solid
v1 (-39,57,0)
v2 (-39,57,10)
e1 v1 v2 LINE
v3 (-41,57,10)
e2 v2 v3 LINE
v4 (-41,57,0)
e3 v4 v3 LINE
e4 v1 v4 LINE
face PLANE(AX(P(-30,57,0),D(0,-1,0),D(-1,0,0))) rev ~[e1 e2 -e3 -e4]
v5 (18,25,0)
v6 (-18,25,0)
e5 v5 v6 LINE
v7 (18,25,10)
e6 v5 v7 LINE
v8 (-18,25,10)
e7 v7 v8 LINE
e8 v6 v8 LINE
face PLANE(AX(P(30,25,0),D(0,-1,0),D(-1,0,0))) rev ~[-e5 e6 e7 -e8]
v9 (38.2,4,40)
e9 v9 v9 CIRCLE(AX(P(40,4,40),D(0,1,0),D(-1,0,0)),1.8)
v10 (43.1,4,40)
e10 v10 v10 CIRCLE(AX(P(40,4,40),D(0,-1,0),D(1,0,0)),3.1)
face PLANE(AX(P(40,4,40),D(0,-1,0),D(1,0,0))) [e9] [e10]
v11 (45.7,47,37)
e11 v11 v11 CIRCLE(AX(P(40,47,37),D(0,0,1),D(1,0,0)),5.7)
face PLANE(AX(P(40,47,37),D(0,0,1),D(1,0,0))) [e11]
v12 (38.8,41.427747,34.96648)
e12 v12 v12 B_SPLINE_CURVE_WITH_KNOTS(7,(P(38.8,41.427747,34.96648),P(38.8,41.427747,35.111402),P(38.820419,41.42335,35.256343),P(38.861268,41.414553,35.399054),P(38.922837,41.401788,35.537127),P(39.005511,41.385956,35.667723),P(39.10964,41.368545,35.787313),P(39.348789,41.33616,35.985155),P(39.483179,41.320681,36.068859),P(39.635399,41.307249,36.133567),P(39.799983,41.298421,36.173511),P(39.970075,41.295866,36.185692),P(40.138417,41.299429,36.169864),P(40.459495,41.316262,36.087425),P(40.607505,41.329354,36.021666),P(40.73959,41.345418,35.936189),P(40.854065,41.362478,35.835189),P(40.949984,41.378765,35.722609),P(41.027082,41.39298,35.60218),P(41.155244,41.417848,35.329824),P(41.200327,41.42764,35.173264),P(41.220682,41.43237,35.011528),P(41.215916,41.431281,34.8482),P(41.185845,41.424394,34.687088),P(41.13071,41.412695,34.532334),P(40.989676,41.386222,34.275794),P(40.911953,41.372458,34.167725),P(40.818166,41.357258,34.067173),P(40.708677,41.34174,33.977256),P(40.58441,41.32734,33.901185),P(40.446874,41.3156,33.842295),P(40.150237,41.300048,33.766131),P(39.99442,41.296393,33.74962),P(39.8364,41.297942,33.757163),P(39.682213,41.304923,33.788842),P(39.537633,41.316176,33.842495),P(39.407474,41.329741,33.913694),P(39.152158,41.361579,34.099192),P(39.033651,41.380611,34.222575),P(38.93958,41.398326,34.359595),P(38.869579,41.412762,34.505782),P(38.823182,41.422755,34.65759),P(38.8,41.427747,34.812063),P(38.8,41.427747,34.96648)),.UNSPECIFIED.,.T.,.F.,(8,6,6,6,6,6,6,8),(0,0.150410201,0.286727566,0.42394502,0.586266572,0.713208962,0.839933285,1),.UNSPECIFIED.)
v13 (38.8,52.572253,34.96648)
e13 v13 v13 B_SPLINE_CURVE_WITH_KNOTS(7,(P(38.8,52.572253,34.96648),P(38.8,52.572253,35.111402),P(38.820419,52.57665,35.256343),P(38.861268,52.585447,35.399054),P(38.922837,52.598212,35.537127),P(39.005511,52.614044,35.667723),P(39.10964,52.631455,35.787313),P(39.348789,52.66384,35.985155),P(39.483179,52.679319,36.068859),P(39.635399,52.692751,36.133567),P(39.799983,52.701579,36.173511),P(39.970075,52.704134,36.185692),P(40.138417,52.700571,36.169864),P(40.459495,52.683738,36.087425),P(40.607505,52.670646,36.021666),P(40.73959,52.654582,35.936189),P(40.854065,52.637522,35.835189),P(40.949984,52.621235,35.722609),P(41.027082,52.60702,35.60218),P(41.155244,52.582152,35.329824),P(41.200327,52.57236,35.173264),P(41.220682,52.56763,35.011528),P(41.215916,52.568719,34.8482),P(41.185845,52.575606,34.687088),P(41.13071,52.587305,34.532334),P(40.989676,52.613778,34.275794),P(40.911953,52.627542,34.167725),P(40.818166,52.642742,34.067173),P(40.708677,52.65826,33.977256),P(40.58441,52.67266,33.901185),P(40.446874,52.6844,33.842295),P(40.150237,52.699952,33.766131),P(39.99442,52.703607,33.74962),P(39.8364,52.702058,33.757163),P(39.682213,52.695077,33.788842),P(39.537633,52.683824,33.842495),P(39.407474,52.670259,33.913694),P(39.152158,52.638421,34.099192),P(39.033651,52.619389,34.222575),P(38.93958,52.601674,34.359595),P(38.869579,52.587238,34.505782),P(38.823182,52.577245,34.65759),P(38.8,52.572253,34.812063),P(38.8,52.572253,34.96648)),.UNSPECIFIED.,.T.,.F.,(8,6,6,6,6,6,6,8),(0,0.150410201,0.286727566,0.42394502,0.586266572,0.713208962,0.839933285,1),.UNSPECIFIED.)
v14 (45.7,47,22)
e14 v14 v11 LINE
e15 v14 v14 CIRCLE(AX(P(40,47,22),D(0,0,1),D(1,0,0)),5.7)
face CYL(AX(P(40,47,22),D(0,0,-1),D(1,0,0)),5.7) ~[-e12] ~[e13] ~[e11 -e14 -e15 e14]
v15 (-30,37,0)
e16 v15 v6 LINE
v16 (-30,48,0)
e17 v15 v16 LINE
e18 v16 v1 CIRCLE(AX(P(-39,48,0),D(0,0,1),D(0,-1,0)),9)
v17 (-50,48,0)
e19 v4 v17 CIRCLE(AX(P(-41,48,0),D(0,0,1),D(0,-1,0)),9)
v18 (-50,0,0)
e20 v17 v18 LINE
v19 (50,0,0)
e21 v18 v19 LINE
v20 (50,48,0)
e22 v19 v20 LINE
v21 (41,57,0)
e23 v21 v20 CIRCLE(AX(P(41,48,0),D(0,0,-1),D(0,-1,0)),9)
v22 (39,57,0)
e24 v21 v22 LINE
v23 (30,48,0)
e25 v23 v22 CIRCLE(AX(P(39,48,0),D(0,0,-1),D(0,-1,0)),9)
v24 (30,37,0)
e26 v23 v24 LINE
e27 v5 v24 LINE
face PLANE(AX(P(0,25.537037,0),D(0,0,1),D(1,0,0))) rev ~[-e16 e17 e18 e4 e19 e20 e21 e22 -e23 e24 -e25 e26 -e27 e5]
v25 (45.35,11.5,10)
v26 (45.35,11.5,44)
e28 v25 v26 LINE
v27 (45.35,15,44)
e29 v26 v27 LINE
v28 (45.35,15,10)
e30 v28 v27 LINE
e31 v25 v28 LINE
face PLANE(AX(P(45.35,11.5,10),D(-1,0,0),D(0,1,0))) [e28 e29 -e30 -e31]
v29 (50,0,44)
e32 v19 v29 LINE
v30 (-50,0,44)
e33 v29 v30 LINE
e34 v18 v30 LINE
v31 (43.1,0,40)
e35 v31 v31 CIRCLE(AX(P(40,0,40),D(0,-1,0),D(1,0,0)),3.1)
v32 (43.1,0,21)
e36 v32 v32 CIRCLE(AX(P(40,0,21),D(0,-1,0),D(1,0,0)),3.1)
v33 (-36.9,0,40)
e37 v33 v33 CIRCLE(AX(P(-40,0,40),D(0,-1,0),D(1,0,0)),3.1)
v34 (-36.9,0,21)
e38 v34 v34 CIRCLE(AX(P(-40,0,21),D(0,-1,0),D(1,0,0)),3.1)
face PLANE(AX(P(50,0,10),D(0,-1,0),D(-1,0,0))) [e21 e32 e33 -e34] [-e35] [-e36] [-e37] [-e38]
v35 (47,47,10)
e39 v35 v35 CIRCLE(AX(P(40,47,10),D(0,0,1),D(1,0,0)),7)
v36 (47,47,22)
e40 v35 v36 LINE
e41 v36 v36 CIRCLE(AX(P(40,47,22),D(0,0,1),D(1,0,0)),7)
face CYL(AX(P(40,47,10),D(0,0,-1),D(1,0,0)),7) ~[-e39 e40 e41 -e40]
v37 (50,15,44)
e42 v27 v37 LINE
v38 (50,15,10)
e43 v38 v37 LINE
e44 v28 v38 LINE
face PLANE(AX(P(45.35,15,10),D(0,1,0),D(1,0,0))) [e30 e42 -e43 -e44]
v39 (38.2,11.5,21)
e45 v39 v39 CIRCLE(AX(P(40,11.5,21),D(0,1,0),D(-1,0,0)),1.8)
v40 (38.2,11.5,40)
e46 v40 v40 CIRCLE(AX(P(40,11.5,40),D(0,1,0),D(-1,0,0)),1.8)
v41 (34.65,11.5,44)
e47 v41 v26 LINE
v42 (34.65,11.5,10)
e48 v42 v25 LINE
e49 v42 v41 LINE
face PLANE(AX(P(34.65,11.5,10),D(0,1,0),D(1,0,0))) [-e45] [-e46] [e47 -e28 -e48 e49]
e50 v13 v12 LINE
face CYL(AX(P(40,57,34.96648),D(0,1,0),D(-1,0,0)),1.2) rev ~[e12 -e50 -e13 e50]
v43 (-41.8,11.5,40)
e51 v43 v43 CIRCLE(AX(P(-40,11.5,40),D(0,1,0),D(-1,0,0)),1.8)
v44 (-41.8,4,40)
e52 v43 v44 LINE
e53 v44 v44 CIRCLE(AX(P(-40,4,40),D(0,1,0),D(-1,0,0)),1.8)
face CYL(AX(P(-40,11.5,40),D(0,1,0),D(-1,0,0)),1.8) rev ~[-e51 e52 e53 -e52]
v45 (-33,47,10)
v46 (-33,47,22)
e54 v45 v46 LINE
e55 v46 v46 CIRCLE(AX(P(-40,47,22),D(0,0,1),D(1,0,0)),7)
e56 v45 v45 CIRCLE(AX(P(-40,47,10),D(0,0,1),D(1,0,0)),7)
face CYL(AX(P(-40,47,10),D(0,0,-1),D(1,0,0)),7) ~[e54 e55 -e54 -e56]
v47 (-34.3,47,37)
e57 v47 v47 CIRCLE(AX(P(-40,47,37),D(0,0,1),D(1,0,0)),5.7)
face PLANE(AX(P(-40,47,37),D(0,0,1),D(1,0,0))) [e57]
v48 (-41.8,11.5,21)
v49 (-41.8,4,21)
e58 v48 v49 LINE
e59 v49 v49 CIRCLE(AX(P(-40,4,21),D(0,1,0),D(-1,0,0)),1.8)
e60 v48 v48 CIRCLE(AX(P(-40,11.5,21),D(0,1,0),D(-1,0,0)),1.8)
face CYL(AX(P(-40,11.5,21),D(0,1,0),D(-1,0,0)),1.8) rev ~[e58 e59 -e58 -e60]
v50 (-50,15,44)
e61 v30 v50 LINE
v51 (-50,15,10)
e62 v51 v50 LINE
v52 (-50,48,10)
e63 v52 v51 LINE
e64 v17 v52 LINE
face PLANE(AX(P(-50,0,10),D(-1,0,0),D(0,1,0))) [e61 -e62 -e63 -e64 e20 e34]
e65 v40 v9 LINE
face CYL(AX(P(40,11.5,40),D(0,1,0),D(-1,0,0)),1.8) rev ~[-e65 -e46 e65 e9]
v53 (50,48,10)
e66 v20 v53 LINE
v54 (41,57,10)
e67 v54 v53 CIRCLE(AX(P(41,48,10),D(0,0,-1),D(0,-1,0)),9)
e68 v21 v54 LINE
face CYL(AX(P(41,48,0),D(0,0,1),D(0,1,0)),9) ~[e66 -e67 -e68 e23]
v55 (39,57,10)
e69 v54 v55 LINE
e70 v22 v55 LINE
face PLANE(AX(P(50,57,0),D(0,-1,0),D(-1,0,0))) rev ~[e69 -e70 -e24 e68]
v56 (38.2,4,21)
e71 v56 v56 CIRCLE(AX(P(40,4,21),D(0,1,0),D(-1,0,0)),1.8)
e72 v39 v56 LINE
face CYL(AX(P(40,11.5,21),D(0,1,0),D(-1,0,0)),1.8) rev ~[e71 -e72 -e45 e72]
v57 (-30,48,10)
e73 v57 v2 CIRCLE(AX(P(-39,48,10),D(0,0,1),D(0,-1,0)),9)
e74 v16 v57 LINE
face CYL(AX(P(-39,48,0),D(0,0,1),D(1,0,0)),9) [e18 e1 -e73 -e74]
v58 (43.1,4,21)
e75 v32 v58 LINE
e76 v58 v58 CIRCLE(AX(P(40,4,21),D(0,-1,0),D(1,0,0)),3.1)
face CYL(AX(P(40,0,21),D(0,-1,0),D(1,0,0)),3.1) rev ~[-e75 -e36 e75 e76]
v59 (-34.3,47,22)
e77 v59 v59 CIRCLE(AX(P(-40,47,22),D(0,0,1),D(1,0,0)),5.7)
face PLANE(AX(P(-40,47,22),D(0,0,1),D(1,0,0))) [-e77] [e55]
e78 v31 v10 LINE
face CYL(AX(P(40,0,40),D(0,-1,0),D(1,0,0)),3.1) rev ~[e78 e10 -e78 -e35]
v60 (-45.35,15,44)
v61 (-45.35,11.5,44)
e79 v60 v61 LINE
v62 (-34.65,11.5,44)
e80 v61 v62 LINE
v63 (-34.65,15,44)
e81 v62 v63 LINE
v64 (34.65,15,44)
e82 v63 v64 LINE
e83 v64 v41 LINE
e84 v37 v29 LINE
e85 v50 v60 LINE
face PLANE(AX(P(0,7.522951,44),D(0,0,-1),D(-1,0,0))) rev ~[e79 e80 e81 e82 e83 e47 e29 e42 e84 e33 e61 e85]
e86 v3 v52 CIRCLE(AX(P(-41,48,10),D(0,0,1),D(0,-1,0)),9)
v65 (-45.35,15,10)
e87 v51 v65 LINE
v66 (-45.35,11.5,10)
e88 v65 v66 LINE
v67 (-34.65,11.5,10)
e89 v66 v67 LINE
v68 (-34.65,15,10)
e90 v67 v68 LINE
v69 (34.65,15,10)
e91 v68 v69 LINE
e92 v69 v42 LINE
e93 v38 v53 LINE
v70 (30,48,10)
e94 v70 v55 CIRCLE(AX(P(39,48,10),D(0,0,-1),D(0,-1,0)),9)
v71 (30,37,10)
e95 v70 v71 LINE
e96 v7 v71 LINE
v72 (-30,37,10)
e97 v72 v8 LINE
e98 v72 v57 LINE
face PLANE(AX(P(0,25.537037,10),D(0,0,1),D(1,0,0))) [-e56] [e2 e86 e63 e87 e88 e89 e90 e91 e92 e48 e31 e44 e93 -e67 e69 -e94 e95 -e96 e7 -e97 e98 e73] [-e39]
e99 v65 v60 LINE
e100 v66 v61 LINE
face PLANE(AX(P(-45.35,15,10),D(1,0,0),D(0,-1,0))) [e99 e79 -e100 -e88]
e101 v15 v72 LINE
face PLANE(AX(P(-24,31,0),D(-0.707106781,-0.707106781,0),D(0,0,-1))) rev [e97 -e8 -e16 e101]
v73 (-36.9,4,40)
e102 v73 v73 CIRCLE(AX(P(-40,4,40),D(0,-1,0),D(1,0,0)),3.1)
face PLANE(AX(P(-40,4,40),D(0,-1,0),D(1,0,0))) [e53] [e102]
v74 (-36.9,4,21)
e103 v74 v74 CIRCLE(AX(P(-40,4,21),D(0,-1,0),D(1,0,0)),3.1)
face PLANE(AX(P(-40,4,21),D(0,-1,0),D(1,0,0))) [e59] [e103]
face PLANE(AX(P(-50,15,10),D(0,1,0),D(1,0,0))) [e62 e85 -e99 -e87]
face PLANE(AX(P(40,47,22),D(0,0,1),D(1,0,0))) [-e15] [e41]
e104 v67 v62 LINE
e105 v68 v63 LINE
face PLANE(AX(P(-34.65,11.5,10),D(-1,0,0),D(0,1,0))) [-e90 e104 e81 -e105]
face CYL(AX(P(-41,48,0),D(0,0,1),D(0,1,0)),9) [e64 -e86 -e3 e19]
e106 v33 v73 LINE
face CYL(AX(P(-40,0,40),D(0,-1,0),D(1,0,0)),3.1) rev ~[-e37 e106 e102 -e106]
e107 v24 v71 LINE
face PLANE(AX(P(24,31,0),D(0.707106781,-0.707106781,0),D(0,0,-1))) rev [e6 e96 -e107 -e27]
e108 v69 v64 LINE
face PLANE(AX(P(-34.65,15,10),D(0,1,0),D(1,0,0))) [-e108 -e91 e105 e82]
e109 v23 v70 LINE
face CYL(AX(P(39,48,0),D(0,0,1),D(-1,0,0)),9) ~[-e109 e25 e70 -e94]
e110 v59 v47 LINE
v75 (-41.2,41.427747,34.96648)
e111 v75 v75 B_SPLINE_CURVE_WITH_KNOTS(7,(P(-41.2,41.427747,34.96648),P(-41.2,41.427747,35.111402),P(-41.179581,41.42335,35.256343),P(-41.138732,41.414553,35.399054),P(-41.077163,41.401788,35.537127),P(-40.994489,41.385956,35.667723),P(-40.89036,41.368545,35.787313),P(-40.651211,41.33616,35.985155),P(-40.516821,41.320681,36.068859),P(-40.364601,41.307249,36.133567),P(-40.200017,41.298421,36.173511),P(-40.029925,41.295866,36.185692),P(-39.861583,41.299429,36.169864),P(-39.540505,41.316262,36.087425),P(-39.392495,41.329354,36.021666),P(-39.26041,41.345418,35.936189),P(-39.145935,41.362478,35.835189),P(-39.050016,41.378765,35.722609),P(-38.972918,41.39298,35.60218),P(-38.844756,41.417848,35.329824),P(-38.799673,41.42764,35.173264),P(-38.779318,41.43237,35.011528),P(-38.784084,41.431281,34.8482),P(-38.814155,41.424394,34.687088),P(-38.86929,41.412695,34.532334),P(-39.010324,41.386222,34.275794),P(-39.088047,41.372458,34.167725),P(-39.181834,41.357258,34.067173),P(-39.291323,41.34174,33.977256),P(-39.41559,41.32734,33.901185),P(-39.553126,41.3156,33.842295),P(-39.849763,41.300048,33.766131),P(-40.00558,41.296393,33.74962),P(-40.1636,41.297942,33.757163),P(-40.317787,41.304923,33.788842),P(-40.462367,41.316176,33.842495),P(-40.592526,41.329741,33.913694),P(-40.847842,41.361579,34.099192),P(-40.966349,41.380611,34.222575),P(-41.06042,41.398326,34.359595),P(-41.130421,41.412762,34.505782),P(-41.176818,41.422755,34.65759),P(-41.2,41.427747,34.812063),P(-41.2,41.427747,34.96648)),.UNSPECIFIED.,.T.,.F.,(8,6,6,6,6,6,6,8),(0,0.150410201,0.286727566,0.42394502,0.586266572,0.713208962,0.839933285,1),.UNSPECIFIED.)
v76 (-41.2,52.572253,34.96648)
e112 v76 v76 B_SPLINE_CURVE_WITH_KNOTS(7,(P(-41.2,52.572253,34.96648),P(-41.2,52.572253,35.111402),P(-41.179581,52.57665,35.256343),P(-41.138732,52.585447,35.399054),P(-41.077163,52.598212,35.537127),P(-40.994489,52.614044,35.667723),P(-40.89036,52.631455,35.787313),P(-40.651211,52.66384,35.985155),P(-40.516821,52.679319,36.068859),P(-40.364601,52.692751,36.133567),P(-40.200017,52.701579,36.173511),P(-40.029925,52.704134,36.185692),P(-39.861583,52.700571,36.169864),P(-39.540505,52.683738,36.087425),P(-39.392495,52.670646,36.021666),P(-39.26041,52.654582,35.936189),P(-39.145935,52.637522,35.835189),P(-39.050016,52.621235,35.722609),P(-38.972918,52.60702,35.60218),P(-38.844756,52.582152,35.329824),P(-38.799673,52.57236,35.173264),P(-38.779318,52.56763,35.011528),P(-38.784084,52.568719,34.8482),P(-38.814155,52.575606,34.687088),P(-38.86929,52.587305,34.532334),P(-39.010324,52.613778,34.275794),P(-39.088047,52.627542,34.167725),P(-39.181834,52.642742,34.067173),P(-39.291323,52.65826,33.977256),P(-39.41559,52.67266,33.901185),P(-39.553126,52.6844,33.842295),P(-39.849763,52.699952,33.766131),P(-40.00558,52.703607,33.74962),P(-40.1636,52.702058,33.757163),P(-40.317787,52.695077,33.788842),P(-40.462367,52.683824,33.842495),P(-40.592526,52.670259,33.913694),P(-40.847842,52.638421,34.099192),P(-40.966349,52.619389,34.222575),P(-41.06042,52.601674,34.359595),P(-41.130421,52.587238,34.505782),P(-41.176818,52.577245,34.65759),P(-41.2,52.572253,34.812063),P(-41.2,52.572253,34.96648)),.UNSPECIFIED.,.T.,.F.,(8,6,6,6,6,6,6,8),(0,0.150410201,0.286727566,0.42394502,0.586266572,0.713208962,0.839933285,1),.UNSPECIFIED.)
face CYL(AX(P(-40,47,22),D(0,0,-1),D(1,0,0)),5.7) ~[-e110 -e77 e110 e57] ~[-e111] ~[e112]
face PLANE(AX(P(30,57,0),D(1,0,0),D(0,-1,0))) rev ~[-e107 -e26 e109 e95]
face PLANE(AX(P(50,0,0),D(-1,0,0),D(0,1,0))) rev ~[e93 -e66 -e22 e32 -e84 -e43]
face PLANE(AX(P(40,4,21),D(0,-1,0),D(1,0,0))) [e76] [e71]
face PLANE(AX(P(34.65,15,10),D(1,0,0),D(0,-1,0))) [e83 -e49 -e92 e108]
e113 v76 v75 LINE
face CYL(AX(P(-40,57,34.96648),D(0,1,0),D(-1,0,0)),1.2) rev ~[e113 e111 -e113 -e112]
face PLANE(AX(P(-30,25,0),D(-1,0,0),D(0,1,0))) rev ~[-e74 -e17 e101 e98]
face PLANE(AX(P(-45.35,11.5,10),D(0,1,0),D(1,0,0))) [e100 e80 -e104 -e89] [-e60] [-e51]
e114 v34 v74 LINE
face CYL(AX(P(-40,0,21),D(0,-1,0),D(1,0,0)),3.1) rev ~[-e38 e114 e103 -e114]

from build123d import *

# Parameters (mm, degrees)
PAD_DEPTH       = 10
SKETCH001_R     = 7
PAD001_DEPTH    = 12
SKETCH002_R     = 5.7
PAD002_DEPTH    = 15
PAD003_DEPTH    = 34
SKETCH004_R     = 1.8
POCKET_DEPTH    = 11.5
SKETCH005_R     = 1.2
POCKET001_DEPTH = 18
SKETCH006_R     = 3.1
POCKET002_DEPTH = 4
CHAMFER_SIZE    = 12
FILLET_R        = 9


with BuildPart() as part:
    # Sketch → Pad (new body)
    with BuildSketch(Plane.XY):
        Polygon((-50, 0), (50, 0), (50, 57), (30, 57), (30, 25), (-30, 25), (-30, 57), (-50, 57), align=None)
    extrude(amount=PAD_DEPTH)

    # Sketch001 (on Face10 of Pad) → Pad001 (join)
    with BuildSketch(Plane.XY.offset(10)):
        with Locations((-40, 47)):
            Circle(SKETCH001_R)
        with Locations((40, 47)):
            Circle(SKETCH001_R)
    extrude(amount=PAD001_DEPTH)

    # Sketch002 (on Face14 of Pad001) → Pad002 (join)
    with BuildSketch(Plane.XY.offset(22)):
        with Locations((-40, 47)):
            Circle(SKETCH002_R)
        with Locations((40, 47)):
            Circle(SKETCH002_R)
    extrude(amount=PAD002_DEPTH)

    # Sketch003 (on Face5 of Pad002) → Pad003 (join)
    with BuildSketch(Plane.XY.offset(10)):
        Polygon((-50, 15), (-45.35, 15), (-45.35, 11.5), (-34.65, 11.5), (-34.65, 15), (34.65, 15), (34.65, 11.5), (45.35, 11.5), (45.35, 15), (50, 15), (50, 0), (-50, 0), align=None)
    extrude(amount=PAD003_DEPTH)

    # Sketch004 (on Face17 of Pad003) → Pocket (cut)
    with BuildSketch(Plane(origin=(0, 11.5, 0), x_dir=(-1, 0, 0), z_dir=(0, 1, 0))):
        with Locations((-40, 40)):
            Circle(SKETCH004_R)
        with Locations((-40, 21)):
            Circle(SKETCH004_R)
        with Locations((40, 40)):
            Circle(SKETCH004_R)
        with Locations((40, 21)):
            Circle(SKETCH004_R)
    extrude(amount=-POCKET_DEPTH, mode=Mode.SUBTRACT)

    # Sketch005 (on Face4 of Pocket) → Pocket001 (cut)
    with BuildSketch(Plane(origin=(0, 57, 0), x_dir=(-1, 0, 0), z_dir=(0, 1, 0))):
        with Locations((-40, 34.96648)):
            Circle(SKETCH005_R)
        with Locations((40, 34.96648)):
            Circle(SKETCH005_R)
    extrude(amount=-POCKET001_DEPTH, mode=Mode.SUBTRACT)

    # Sketch006 (on Face10 of Pocket001) → Pocket002 (cut)
    with BuildSketch(Plane.XZ):
        with Locations((-40, 40)):
            Circle(SKETCH006_R)
        with Locations((40, 40)):
            Circle(SKETCH006_R)
        with Locations((40, 21)):
            Circle(SKETCH006_R)
        with Locations((-40, 21)):
            Circle(SKETCH006_R)
    extrude(amount=-POCKET002_DEPTH, mode=Mode.SUBTRACT)

    # Chamfer
    chamfer_edges = [part.edges().sort_by_distance(p)[0] for p in [
        (-30, 25, 5),
        (30, 25, 5),
    ]]
    chamfer(chamfer_edges, length=CHAMFER_SIZE)

    # Fillet
    fillet_edges = [part.edges().sort_by_distance(p)[0] for p in [
        (-50, 57, 5),
        (-30, 57, 5),
        (30, 57, 5),
        (50, 57, 5),
    ]]
    fillet(fillet_edges, radius=FILLET_R)


solid = part.part
